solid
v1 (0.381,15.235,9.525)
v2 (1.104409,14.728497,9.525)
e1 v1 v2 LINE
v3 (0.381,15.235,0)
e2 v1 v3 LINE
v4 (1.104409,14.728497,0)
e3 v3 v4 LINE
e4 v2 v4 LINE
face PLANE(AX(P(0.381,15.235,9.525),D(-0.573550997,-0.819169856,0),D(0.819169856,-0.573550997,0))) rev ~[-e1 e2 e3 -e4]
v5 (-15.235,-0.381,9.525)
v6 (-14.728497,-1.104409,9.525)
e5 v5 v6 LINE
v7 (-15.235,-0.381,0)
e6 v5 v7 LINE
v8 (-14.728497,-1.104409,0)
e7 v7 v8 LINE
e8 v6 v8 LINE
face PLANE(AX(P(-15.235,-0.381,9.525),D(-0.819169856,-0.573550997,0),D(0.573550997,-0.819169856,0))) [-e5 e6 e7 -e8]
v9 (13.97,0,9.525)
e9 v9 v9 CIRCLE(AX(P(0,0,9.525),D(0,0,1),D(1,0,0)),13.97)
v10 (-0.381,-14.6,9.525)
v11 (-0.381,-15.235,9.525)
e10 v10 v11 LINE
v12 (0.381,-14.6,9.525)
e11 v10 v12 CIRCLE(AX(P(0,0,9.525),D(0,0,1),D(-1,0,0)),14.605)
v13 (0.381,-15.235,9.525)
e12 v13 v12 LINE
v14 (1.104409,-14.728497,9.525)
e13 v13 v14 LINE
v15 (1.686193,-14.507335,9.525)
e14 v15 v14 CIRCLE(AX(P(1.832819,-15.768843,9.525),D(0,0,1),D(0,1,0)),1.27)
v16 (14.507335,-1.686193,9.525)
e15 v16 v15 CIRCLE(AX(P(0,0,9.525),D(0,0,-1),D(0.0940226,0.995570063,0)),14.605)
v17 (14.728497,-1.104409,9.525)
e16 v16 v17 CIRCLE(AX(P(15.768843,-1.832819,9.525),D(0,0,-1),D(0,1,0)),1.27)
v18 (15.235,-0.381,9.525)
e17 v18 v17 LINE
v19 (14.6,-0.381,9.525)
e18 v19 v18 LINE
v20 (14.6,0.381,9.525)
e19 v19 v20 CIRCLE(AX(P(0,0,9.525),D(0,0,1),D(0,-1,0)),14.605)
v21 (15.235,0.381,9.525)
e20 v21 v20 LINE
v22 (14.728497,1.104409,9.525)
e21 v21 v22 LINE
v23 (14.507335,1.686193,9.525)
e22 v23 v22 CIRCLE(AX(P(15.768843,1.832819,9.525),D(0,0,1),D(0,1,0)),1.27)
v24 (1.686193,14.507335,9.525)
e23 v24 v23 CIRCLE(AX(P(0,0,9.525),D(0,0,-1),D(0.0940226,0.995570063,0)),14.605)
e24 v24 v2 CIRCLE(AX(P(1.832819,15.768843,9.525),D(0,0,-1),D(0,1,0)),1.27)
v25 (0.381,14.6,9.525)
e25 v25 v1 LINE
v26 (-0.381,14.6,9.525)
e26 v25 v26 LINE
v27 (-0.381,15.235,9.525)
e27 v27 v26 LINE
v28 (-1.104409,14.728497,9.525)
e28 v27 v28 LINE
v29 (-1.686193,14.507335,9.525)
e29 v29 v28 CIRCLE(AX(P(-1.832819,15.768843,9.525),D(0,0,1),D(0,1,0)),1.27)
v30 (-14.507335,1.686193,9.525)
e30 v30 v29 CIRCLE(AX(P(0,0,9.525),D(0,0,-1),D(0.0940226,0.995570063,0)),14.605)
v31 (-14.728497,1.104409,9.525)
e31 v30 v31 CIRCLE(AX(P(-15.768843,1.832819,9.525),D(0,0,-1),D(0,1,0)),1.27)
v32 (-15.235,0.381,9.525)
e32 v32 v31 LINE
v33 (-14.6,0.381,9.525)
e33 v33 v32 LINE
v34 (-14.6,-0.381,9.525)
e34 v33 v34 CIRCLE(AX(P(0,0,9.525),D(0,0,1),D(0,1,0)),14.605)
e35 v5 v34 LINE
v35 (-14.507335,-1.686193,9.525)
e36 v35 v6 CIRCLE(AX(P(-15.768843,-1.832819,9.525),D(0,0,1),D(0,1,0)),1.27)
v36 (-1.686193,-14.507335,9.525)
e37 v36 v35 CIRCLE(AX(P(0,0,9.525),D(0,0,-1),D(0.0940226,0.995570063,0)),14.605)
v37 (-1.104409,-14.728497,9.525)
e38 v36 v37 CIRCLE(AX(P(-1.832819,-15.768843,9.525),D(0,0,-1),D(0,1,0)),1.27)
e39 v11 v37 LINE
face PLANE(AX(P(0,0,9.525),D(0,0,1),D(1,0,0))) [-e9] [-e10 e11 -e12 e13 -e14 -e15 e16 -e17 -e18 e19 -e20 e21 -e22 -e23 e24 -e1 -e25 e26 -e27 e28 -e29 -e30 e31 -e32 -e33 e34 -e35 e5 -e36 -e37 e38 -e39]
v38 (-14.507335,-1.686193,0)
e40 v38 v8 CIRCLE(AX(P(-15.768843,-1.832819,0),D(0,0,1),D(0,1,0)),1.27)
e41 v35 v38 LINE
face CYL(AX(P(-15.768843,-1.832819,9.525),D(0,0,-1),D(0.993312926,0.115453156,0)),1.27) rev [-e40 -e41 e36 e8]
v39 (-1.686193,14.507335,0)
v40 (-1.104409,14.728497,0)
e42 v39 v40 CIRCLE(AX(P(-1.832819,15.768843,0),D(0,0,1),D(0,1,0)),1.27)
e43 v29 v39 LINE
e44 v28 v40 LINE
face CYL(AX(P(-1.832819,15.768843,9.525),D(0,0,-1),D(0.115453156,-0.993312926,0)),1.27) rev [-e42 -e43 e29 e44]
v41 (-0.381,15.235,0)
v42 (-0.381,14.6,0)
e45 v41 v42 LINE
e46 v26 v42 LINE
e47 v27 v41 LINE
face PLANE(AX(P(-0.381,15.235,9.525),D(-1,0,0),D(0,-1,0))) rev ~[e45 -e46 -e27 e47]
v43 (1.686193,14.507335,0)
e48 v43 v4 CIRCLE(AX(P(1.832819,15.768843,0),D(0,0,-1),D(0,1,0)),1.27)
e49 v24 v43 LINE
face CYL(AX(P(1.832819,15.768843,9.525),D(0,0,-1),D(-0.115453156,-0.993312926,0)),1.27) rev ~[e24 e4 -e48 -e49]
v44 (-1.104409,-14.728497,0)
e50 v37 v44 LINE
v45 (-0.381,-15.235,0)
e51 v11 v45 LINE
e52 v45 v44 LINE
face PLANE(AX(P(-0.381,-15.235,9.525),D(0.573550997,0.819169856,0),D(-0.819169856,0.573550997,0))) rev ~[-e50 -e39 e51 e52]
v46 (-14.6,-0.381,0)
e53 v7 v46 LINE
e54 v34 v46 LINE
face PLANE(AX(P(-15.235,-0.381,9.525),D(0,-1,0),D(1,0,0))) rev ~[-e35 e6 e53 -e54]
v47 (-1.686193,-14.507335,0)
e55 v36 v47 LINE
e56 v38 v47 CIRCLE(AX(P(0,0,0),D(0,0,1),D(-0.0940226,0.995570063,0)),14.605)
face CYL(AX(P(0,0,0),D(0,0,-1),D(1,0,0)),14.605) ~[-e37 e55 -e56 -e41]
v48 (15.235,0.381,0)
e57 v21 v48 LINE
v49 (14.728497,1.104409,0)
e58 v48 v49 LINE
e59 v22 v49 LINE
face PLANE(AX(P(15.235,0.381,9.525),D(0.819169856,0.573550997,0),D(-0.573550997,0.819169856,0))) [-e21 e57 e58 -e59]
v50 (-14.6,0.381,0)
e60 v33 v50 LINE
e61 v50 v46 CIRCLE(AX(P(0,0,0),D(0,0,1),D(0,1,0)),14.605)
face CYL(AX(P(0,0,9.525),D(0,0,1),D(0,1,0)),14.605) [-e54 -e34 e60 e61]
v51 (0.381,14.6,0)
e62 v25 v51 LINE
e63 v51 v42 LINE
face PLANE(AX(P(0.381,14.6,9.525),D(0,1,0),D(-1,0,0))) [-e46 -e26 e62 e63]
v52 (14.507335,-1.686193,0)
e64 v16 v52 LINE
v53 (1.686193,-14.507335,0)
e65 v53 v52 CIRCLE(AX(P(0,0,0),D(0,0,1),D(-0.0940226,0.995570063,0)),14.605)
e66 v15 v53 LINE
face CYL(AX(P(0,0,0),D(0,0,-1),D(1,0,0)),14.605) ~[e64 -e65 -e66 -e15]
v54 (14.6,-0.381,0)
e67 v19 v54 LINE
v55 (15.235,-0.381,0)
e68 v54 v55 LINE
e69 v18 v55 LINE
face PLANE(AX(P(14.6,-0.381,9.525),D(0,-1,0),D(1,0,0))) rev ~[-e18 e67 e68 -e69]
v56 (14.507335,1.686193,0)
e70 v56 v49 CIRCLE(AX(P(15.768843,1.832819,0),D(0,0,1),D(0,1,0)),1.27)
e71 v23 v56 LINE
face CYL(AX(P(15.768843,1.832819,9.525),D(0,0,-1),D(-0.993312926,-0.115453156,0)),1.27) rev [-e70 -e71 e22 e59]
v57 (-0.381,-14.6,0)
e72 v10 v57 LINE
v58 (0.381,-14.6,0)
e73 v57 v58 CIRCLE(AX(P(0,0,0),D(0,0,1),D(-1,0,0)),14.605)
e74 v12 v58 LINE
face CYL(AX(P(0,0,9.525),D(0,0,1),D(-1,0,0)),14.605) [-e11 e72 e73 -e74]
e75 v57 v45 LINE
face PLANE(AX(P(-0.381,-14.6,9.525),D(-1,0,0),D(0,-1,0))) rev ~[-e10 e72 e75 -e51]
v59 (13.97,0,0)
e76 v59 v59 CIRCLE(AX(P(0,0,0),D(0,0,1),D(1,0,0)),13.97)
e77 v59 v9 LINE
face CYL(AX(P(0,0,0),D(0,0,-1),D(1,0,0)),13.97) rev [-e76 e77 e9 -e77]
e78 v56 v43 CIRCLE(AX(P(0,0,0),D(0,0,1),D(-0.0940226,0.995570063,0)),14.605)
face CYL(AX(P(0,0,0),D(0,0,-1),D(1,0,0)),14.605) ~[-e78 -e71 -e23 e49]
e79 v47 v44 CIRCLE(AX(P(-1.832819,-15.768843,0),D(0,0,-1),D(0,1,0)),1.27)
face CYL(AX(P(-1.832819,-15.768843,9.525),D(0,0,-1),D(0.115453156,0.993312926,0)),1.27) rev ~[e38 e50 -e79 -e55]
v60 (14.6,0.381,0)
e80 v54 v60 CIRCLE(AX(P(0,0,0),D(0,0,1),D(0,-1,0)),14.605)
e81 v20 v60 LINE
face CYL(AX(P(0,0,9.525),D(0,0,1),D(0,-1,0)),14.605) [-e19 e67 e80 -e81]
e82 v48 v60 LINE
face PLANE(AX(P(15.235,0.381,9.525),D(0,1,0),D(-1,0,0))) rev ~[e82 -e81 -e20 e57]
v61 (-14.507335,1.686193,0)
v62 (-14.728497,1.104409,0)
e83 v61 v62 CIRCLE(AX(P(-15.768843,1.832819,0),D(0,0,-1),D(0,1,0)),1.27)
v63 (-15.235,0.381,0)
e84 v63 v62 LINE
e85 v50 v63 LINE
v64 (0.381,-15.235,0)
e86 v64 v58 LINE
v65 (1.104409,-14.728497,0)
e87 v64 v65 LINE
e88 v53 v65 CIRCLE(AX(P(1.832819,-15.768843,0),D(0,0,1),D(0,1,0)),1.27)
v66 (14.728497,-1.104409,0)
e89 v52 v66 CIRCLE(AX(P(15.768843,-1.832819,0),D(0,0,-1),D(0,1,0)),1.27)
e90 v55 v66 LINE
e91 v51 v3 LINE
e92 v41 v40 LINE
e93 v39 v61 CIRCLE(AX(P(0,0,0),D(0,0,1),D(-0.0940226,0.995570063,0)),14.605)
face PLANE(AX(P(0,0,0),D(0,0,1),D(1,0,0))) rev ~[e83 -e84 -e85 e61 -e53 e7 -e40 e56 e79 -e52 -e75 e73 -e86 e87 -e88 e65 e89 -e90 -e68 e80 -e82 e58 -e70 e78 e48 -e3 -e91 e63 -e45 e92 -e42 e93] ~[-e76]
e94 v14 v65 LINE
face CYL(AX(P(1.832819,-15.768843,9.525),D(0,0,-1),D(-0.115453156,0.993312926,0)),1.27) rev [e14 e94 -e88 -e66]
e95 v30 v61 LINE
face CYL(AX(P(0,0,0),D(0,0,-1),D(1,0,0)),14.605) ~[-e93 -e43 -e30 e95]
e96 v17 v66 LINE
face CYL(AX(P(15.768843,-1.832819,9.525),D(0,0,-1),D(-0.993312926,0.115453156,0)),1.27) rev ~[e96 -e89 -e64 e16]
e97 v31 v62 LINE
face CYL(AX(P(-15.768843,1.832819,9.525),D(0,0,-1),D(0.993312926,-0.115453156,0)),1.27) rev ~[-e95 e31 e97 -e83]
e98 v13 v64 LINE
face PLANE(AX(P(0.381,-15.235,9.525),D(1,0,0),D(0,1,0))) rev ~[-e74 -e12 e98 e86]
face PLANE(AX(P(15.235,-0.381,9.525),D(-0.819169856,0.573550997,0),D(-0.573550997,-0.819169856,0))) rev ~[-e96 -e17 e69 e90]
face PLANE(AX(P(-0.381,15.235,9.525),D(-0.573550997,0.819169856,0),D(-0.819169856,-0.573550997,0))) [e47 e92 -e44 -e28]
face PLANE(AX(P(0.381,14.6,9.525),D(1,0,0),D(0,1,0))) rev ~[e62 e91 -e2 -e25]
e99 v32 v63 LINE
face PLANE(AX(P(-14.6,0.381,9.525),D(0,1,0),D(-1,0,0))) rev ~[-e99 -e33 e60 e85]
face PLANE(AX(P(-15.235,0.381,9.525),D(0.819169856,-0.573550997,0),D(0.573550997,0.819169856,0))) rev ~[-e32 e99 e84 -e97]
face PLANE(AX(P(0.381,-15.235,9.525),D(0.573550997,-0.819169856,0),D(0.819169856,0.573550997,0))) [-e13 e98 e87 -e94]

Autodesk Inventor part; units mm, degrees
ref_plane "YZ Plane" through (0, 0, 0) normal (1, 0, 0) x (0, 1, 0)
ref_plane "XZ Plane" through (0, 0, 0) normal (0, 1, 0) x (-1, 0, 0)
ref_plane "XY Plane" through (0, 0, 0) normal (0, 0, 1) x (1, 0, 0)
sketch "Sketch1" plane through (0, 0, 0) normal (0, 0, 1) x (1, 0, 0)
  circle A0 centre (0, 0) radius 14.605
  circle A1 centre (0, 0) radius 13.97
  dimension "d0" = 29.21
  dimension "d1" = 27.94
extrude "Extrusion1" add sketch "Sketch1" along normal blind 9.525
sketch "Sketch2" plane through (0, 0, 9.525) normal (0, 0, 1) x (1, 0, 0)
  circle A0 centre (0, 0) radius 13.97 projected
  circle A1 centre (0, 0) radius 14.605 projected
  line L0 (0.381, 14.6) -> (-0.381, 14.6)
  line L1 (0.381, 14.6) -> (0.381, 15.235)
  line L2 (0.381, 15.235) -> (-0.381, 15.235)
  line L3 (-0.381, 15.235) -> (-0.381, 14.6)
  line L4 (-0.381, 15.235) -> (-1.3732, 14.5403)
  line L5 (-0.381, 15.235) -> (0.8302, 15.235) construction
  circle A2 centre (0, 0) radius 14.605 projected
  line L6 (0.381, 15.235) -> (1.3732, 14.5403)
  line L7 (0.381, 15.235) -> (1.5922, 15.235) construction
  dimension "d4" = 0.762
  dimension "d5" = 0.635
  dimension "d8" = 145
  dimension "d9" = 35
extrude "Extrusion2" add sketch "Sketch2" against normal blind 9.525 contours A1 L1 L6 | L4 L3 A1 | L0 A1 picked at (0.0423, 14.6015)
fillet "Fillet1" radius 1.27 2 edges at (1.3732, 14.5403, 4.7625) (-1.3732, 14.5403, 4.7625)
extrude "Extrusion3" cut sketch "Sketch2" against normal blind 9.525 contours L0 A1 picked at (0.0423, 14.6015)
pattern_circular "Circular Pattern2" count 4 over 360 about axis through (0, 0, 0) along (0, 0, 1) of "Extrusion3", "Extrusion2", "Fillet1"
properties part number "PropShroud"
